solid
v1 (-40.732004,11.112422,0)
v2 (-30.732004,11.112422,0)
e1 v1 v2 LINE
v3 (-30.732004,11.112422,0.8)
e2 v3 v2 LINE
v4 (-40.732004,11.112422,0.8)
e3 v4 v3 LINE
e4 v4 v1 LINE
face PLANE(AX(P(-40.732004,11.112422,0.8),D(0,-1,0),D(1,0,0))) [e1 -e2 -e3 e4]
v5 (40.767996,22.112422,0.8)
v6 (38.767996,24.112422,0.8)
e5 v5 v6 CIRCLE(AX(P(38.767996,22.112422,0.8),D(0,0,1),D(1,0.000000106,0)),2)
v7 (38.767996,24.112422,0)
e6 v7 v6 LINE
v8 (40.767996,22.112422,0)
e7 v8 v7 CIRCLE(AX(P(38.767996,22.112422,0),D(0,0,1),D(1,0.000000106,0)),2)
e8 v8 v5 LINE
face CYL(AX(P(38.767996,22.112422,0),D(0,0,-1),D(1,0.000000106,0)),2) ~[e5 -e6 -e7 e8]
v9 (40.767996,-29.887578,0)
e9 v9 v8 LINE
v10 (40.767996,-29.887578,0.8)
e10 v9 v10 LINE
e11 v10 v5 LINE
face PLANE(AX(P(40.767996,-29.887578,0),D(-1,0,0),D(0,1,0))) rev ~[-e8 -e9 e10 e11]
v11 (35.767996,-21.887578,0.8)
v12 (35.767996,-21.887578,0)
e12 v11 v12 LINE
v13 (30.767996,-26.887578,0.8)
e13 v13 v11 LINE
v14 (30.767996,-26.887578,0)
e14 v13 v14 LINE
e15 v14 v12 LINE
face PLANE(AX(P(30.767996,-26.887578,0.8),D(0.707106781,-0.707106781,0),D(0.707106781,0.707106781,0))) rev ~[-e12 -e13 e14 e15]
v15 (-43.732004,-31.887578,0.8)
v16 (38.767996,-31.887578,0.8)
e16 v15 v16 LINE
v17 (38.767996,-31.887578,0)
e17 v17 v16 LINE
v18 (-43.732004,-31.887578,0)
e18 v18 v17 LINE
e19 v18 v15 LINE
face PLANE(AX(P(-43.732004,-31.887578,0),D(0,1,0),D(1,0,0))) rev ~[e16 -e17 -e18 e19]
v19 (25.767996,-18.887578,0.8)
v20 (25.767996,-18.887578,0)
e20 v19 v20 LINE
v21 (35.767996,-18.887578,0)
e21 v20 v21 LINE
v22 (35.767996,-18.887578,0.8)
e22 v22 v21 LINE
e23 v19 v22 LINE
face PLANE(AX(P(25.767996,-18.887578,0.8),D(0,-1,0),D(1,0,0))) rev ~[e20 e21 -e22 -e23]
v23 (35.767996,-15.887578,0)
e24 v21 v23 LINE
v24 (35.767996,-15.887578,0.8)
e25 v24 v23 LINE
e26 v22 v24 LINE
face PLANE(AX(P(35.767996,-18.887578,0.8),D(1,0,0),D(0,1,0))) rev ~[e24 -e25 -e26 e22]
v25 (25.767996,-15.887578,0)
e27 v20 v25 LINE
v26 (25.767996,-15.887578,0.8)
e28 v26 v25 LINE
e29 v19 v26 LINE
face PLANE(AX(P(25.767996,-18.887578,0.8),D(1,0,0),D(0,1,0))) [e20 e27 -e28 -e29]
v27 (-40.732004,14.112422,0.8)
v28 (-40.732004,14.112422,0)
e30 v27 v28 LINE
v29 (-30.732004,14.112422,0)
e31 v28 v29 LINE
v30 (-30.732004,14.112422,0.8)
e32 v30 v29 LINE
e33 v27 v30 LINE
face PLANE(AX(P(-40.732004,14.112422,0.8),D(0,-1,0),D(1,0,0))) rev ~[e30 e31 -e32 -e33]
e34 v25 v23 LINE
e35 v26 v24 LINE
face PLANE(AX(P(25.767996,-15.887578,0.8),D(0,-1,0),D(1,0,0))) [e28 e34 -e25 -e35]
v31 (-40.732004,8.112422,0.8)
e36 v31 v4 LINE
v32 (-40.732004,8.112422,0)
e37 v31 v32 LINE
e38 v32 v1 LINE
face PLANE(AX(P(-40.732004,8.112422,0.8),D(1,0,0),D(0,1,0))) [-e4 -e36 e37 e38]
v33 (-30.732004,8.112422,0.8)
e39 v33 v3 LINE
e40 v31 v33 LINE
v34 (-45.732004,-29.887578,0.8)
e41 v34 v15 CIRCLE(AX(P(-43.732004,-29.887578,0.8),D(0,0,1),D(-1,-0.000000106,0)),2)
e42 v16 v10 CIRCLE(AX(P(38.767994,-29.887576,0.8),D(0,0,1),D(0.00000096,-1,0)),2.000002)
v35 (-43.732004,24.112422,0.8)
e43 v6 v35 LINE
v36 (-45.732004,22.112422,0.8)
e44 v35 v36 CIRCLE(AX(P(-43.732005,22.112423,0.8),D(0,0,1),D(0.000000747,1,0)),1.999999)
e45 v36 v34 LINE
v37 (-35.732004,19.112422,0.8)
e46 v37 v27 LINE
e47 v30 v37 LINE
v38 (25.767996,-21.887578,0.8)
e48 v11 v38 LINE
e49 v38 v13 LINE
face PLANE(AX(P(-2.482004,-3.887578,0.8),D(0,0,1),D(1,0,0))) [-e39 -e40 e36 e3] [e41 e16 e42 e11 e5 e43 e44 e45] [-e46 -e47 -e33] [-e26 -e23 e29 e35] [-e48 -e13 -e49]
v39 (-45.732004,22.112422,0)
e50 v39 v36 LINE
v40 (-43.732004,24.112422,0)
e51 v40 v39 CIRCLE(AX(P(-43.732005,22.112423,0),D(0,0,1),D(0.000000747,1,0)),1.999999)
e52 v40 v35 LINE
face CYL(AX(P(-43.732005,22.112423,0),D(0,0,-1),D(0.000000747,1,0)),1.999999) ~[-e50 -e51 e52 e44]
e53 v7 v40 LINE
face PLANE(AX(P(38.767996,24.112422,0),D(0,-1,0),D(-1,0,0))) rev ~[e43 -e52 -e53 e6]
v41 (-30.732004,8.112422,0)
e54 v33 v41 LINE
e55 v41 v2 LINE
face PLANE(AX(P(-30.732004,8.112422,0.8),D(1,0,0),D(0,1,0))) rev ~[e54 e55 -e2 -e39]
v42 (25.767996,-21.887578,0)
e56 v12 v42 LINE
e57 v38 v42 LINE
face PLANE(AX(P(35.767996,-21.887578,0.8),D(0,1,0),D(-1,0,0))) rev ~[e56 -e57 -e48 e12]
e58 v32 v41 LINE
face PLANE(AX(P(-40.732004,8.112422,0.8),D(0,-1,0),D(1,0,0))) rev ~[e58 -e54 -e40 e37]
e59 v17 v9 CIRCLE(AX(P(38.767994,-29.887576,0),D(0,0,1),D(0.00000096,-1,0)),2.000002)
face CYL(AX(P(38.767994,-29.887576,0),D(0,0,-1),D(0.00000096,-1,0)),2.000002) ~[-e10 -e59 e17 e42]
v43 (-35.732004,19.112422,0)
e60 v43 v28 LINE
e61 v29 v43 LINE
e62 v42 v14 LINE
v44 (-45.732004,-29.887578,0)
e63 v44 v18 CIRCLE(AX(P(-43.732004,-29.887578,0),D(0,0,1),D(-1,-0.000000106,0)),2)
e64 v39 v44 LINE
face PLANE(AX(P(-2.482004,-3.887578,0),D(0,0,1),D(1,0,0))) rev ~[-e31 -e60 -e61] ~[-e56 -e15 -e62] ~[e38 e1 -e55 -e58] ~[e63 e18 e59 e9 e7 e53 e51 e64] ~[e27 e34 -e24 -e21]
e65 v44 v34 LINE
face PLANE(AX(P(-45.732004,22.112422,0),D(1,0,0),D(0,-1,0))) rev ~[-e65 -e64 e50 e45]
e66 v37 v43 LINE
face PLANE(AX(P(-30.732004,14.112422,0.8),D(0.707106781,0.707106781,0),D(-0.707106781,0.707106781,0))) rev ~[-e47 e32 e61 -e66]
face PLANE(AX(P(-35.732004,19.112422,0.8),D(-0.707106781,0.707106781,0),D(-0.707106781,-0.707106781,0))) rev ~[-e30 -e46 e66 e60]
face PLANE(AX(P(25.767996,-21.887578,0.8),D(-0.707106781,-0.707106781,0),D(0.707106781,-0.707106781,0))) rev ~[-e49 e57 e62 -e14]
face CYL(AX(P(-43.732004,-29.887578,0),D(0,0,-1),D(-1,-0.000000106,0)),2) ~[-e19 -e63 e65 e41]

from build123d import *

# Parameters (mm, degrees)
F1_DEPTH = 0.8
F2_W     = 10
F2_H     = 3
F3_DEPTH = 25


with BuildPart() as f1:
    # F0 (on Top) → F1 (new body)
    with BuildSketch(Plane.XY):
        with BuildLine():
            Line((38.767996, 24.112422), (-43.732004, 24.112422))
            ThreePointArc((-43.732004, 24.112422), (-45.146218, 23.526636), (-45.732004, 22.112422))
            Line((-45.732004, 22.112422), (-45.732004, -29.887578))
            ThreePointArc((-45.732004, -29.887578), (-45.146218, -31.301791), (-43.732004, -31.887578))
            Line((-43.732004, -31.887578), (38.767996, -31.887578))
            ThreePointArc((38.767996, -31.887578), (40.182209, -31.301791), (40.767996, -29.887578))
            Line((40.767996, -29.887578), (40.767996, 22.112422))
            ThreePointArc((40.767996, 22.112422), (40.182209, 23.526636), (38.767996, 24.112422))
        make_face()
    extrude(amount=F1_DEPTH)

    # F2 (on face) → F3 (cut)
    with BuildSketch(Plane.XY.offset(0.8)):
        with Locations((-35.732004, 9.612422)):
            Rectangle(F2_W, F2_H)
        Polygon((-35.732004, 19.112422), (-40.732004, 14.112422), (-30.732004, 14.112422), align=None)
        with Locations((30.767996, -17.387578)):
            Rectangle(F2_W, F2_H)
        Polygon((30.767996, -26.887578), (35.767996, -21.887578), (25.767996, -21.887578), align=None)
    extrude(amount=-F3_DEPTH, mode=Mode.SUBTRACT)


solid = f1.part
